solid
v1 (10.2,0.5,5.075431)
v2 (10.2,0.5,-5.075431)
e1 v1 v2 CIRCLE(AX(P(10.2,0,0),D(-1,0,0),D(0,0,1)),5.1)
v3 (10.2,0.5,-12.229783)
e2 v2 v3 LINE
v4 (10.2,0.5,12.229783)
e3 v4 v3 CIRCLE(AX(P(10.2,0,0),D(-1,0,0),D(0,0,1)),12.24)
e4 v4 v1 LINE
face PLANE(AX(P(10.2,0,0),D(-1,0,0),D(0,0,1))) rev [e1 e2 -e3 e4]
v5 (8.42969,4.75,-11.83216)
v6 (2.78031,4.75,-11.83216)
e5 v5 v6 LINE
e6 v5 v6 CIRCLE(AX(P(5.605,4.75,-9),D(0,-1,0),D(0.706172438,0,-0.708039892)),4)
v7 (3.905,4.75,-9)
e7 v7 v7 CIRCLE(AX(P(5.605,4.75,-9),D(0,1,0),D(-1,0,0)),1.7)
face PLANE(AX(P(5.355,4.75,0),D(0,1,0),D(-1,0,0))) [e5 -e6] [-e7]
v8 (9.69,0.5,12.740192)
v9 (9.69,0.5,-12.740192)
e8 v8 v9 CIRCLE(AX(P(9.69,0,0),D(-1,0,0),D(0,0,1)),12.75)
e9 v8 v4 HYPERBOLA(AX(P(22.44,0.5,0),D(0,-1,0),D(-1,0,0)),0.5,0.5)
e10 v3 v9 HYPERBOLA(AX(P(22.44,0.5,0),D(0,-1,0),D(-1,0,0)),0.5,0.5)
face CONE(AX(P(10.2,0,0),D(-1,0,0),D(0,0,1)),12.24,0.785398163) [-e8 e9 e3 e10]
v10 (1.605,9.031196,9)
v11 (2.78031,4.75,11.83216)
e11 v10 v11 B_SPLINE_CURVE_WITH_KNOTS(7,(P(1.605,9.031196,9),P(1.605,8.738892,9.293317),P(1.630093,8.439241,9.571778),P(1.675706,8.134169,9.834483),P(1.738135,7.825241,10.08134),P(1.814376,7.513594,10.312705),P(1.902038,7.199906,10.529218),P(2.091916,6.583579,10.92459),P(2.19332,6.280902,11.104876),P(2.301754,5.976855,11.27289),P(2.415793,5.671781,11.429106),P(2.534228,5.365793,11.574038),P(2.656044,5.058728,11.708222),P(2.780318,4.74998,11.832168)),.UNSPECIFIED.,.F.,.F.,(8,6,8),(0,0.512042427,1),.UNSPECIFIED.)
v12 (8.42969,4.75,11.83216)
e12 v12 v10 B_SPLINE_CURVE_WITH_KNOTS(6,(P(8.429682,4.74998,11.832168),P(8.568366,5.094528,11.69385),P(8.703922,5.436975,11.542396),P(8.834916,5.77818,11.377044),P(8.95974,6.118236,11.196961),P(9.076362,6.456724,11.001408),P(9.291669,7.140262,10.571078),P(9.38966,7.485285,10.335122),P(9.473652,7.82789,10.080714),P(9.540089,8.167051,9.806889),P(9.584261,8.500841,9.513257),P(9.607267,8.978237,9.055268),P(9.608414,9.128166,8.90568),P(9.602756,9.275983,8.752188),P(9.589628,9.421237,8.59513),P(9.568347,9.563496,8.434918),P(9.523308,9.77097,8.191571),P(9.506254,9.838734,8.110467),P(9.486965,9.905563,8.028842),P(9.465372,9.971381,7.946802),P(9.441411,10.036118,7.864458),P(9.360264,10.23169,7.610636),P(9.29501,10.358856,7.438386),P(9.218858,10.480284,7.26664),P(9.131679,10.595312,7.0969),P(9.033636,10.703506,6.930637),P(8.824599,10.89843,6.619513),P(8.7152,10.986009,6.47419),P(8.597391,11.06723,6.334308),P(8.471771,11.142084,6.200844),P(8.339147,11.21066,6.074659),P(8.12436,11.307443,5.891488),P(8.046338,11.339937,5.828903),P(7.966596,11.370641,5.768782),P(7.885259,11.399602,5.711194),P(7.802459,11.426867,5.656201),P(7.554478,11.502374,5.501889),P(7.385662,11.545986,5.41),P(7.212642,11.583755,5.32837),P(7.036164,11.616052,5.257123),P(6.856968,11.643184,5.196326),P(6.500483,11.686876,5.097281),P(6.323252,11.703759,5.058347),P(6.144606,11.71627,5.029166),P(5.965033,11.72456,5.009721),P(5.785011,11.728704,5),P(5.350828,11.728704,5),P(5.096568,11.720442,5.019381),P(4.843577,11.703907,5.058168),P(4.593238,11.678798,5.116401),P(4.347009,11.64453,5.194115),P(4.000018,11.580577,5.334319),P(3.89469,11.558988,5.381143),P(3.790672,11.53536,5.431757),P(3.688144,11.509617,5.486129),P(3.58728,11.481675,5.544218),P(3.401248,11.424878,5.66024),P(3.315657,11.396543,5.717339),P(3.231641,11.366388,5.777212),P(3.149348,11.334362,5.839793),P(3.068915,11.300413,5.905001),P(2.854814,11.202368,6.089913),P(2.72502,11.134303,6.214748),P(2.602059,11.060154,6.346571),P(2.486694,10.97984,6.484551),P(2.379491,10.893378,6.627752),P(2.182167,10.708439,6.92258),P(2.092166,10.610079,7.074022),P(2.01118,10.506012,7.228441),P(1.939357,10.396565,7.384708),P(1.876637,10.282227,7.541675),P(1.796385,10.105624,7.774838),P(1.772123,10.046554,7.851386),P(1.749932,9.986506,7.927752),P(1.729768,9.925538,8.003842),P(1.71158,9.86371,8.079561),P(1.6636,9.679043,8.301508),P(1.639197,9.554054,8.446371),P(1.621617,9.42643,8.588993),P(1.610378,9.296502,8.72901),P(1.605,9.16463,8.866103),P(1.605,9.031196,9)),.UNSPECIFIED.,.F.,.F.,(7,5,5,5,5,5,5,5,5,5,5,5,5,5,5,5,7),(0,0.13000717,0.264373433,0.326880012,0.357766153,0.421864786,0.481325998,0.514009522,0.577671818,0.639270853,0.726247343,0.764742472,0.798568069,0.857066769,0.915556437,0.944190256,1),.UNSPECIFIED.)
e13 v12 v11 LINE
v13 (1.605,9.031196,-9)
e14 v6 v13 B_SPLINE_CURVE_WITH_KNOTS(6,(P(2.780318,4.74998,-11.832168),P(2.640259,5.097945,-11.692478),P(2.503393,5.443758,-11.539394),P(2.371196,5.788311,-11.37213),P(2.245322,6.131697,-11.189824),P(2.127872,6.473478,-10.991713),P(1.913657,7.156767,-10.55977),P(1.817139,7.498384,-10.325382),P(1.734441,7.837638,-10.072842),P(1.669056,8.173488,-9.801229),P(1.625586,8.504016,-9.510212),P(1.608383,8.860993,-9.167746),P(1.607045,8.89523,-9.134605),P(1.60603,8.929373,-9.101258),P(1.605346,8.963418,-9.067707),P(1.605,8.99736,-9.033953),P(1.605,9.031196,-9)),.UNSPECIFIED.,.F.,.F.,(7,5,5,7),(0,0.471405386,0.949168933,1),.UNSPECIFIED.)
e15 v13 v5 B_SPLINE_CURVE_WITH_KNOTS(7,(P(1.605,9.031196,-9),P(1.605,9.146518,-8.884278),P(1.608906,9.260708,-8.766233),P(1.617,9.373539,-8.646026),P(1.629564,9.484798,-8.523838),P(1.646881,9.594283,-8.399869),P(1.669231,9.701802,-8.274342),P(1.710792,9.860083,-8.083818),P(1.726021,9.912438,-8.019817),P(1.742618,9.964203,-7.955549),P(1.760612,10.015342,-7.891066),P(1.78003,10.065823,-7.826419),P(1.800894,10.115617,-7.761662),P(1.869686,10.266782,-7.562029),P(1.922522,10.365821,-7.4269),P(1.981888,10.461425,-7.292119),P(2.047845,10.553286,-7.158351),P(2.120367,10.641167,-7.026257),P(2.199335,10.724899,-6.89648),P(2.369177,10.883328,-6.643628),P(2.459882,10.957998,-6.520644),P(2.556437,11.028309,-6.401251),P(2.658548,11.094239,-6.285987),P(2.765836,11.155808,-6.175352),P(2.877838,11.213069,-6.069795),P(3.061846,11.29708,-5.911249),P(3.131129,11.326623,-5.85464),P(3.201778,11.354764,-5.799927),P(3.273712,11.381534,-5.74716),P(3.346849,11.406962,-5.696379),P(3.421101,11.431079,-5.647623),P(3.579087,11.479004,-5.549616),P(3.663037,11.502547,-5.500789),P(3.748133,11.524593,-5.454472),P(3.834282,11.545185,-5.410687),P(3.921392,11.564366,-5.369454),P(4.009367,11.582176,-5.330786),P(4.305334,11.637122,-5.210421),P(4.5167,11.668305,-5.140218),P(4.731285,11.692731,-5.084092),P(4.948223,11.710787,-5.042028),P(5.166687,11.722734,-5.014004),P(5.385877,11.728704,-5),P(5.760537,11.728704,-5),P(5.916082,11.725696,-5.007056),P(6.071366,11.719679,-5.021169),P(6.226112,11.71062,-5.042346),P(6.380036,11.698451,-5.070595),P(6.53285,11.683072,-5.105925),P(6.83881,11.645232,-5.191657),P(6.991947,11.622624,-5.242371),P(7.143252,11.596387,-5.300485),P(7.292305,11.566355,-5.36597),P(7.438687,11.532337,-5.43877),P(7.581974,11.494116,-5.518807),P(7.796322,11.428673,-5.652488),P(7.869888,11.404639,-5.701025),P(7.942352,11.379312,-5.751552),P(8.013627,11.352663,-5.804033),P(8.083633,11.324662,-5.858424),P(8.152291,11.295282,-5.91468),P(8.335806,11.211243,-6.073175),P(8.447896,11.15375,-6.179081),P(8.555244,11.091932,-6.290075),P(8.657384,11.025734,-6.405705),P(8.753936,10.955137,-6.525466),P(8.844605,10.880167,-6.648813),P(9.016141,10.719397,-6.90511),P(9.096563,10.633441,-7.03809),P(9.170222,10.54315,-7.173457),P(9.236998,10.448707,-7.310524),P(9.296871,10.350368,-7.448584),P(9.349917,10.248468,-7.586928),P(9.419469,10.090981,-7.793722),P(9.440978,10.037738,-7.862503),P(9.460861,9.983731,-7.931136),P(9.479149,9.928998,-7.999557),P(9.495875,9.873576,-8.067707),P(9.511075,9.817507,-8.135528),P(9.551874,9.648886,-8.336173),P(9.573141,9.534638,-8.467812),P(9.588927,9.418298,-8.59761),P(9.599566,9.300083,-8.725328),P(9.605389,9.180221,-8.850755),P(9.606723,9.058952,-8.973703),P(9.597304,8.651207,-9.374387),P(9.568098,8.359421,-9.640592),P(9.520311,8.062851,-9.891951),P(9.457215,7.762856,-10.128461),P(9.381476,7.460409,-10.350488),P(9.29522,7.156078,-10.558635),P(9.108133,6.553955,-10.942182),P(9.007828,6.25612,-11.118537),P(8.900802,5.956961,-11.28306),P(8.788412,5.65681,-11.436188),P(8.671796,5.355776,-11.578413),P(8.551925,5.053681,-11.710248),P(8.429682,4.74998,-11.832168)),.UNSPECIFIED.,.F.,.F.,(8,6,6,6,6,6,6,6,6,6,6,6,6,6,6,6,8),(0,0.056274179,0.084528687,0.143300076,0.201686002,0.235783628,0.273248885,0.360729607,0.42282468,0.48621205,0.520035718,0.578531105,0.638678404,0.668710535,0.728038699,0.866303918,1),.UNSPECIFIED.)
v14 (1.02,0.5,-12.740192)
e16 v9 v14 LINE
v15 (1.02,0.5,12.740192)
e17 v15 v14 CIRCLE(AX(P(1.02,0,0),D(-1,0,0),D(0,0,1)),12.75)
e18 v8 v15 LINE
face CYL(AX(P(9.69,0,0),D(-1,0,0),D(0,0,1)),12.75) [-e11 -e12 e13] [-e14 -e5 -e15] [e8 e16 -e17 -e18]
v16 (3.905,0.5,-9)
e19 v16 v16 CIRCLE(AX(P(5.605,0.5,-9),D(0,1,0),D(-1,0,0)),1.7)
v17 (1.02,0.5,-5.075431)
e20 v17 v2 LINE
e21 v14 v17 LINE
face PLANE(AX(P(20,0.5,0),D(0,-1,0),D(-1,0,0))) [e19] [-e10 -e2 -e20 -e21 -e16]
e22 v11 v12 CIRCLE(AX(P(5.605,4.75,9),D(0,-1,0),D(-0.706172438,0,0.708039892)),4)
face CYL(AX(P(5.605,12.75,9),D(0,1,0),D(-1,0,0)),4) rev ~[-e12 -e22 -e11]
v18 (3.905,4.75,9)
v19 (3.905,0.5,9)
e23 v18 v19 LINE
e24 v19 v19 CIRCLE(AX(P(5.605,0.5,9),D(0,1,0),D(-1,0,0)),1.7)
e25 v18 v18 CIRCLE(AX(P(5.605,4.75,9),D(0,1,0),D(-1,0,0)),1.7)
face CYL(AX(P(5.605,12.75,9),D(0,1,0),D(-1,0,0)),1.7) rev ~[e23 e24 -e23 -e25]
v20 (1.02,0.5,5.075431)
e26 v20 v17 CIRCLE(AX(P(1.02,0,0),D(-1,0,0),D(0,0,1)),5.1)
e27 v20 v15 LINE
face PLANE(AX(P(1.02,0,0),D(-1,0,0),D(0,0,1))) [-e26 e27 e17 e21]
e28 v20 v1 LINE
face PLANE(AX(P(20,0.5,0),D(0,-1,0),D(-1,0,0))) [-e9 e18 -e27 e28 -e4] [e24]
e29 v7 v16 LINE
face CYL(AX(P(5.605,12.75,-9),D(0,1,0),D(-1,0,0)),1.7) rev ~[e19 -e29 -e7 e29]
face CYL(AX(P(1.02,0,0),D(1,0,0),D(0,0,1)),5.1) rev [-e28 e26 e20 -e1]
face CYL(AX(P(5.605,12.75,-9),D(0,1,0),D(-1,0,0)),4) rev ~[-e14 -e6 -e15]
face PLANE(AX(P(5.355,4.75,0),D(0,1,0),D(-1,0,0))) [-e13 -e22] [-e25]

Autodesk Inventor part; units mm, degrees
sketch "Sketch_1" plane through (0, 0, 0) normal (0, 0, 1) x (1, 0, 0)
  line L0 (10.2, 0) -> (0, 0)
  line L1 (1.02, 5.1) -> (10.2, 5.1)
  line L2 (10.2, 5.1) -> (10.2, 12.24)
  line L3 (10.2, 12.24) -> (9.69, 12.75)
  line L4 (9.69, 12.75) -> (1.02, 12.75)
  line L5 (1.02, 12.75) -> (1.02, 5.1)
  dimension "d15" = 5.1
revolve "Revolution1" add sketch "Sketch_1" angle 180 mid plane about axis through (10.2, 0, 0) along (-1, 0, 0)
sketch "Sketch_2" plane through (0, 0, 0) normal (0, 0, 1) x (1, 0, 0)
  line L0 (0, 0.5) -> (0, 0)
  line L1 (0, 0) -> (20, 0)
  line L2 (20, 0) -> (20, 0.5)
  line L3 (20, 0.5) -> (0, 0.5)
extrude "Extrusion1" cut sketch "Sketch_2" along normal mid plane 50
ref_plane "part2_to_part1_XY" through (0, 0, 0) normal (1, 0, 0) x (0, 0, -1)
ref_plane "part2_to_part1_YZ" through (0, 0, 0) normal (0, 0, -1) x (0, 1, 0)
ref_plane "part2_to_part1_ZX" through (0, 0, 0) normal (0, 1, 0) x (1, 0, 0)
ref_plane "part2_to_screw1_XY" through (5.5, 4.5, 9) normal (0, 1, 0) x (1, 0, 0)
ref_plane "part2_to_screw1_YZ" through (5.5, 4.5, 9) normal (1, 0, 0) x (0, 0, -1)
ref_plane "part2_to_screw1_ZX" through (5.5, 4.5, 9) normal (0, 0, -1) x (0, 1, 0)
ref_plane "part2_to_screw2_XY" through (5.5, 4.5, -9) normal (0, 1, 0) x (1, 0, 0)
ref_plane "part2_to_screw2_YZ" through (5.5, 4.5, -9) normal (1, 0, 0) x (0, 0, -1)
ref_plane "part2_to_screw2_ZX" through (5.5, 4.5, -9) normal (0, 0, -1) x (0, 1, 0)
ref_plane "作業平面10" through (5.355, 12.75, 0) normal (0, 1, 0) x (-1, 0, 0)
sketch "スケッチ6" plane through (5.355, 12.75, 0) normal (0, 1, 0) x (-1, 0, 0)
  circle A0 centre (-0.25, -9) radius 2.25 projected
  circle A1 centre (-0.25, -9) radius 4
  circle A2 centre (-0.25, -9) radius 1.7
  circle A3 centre (-0.25, 9) radius 2.25 projected
  circle A4 centre (-0.25, 9) radius 4
  circle A5 centre (-0.25, 9) radius 1.7
  point P0 (5.355, 0)
  dimension "d7" = 8
  dimension "d8" = 3.4
  dimension "d9" = 8
  dimension "d10" = 3.4
extrude "押し出し2" cut sketch "スケッチ6" against normal through all contours A2 | A5
extrude "押し出し3" cut sketch "スケッチ6" against normal blind 8 contours A0 | A1 | A2 | A3 | A4 | A5
properties part number "MBRDAC45-2-10_p2"
